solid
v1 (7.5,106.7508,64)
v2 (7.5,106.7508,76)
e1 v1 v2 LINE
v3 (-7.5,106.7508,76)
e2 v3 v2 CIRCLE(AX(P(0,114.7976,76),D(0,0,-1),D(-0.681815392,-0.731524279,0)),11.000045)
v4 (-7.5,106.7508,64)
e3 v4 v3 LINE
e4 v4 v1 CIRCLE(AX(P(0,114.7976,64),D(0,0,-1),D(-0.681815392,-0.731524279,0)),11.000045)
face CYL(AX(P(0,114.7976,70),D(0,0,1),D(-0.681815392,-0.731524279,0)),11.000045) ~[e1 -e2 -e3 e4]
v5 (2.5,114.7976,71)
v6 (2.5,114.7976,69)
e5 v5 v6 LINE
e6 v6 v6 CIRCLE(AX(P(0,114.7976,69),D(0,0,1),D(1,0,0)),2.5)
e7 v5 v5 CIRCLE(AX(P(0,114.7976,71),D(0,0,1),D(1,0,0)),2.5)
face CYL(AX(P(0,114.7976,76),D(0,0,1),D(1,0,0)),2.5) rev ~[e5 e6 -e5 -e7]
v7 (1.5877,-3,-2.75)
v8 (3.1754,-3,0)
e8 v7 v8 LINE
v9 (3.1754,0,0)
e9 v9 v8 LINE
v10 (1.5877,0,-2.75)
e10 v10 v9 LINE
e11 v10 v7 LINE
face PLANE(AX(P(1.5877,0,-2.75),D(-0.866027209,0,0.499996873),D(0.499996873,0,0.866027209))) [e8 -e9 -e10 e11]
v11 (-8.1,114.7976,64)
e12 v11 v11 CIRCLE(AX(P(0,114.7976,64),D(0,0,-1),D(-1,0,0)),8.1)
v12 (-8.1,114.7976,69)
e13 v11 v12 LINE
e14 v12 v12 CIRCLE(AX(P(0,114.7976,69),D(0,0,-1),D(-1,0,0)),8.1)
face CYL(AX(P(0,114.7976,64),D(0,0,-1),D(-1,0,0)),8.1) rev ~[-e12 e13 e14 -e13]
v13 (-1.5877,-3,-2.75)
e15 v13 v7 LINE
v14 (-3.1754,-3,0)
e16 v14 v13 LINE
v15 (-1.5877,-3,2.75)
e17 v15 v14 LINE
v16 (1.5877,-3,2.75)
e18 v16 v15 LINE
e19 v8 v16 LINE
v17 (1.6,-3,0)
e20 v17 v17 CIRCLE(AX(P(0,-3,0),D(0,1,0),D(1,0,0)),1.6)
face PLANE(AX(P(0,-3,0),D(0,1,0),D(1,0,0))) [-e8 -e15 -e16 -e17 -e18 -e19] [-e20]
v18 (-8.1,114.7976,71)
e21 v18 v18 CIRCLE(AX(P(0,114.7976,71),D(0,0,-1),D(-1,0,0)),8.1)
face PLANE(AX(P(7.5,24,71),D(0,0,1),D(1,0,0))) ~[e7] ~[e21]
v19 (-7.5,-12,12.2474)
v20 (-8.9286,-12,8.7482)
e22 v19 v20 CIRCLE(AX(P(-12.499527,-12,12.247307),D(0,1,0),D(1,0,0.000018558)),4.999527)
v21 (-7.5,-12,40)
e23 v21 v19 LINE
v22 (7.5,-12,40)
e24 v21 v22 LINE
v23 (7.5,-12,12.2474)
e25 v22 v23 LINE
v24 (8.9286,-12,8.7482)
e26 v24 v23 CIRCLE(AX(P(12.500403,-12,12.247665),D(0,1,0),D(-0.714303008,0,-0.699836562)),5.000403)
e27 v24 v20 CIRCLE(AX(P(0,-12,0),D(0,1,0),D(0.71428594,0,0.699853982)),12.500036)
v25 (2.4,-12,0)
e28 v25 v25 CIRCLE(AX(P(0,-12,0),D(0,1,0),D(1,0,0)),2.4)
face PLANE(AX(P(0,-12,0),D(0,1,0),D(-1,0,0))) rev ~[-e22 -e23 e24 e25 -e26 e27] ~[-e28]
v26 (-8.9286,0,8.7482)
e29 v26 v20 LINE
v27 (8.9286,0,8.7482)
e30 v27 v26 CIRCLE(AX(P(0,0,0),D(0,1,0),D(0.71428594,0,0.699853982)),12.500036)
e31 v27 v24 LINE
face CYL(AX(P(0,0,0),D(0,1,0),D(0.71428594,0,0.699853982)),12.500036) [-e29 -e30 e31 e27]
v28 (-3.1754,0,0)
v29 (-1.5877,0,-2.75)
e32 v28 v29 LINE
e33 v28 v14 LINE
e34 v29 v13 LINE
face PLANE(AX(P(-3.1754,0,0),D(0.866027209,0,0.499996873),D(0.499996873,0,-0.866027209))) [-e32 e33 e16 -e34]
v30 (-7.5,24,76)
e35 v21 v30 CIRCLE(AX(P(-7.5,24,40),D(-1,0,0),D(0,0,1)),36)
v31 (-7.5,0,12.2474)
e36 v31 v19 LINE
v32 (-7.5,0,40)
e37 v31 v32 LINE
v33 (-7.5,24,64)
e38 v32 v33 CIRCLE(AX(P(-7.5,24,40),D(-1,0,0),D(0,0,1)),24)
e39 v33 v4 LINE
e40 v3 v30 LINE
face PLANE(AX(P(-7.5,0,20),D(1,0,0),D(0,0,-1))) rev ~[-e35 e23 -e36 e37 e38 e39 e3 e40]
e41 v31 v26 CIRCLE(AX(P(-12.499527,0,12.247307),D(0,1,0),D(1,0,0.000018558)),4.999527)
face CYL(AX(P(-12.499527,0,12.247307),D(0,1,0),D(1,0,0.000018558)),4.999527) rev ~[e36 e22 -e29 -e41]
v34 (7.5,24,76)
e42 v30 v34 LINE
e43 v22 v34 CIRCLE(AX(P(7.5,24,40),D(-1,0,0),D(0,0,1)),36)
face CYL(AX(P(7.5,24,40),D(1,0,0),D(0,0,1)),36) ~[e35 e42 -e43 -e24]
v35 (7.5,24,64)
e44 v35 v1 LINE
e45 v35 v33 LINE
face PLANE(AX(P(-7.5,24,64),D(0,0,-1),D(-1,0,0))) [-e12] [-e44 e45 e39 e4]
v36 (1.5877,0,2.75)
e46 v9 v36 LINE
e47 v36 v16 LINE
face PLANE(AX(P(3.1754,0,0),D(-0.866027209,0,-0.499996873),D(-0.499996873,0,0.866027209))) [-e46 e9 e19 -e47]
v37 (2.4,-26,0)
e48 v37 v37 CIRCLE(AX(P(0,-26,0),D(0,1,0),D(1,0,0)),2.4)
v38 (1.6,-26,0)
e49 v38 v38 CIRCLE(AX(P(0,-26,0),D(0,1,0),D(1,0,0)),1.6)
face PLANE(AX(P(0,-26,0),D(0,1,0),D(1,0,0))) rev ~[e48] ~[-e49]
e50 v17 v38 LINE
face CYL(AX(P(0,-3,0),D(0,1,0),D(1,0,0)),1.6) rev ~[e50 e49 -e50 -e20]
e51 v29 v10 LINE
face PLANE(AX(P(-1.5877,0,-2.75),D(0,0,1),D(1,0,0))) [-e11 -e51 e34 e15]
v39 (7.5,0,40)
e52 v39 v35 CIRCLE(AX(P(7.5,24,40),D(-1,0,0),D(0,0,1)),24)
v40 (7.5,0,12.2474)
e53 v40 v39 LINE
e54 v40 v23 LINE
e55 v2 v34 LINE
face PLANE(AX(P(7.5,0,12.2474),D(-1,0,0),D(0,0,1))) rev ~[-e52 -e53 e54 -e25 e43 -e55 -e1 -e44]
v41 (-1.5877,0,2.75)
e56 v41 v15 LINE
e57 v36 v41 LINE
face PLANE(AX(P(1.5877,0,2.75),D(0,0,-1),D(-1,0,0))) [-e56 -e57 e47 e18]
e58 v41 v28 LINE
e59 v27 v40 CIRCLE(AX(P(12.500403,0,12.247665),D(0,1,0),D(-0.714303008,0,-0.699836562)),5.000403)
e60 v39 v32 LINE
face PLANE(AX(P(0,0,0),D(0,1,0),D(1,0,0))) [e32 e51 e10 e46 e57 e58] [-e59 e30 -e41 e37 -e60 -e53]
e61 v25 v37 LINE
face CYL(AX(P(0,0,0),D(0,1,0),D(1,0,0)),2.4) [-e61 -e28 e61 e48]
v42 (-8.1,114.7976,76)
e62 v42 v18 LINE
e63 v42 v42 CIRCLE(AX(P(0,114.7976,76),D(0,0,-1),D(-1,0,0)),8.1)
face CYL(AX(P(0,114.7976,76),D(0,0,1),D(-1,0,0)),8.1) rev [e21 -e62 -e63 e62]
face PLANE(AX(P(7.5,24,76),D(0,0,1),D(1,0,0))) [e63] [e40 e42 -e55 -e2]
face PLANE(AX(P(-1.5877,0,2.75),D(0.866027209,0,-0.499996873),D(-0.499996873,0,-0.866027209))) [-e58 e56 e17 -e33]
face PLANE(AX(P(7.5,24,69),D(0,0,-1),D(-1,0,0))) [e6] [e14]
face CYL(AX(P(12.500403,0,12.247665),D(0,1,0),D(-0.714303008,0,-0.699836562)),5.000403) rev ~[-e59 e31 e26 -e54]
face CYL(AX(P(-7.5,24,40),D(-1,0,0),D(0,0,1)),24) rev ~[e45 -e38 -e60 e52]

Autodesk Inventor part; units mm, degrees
ref_plane "YZ Plane" through (0, 0, 0) normal (1, 0, 0) x (0, 1, 0)
ref_plane "XZ Plane" through (0, 0, 0) normal (0, 1, 0) x (-1, 0, 0)
sketch "Sketch1" plane through (0, 0, 0) normal (0, 1, 0) x (-1, 0, 0)
  arc A0 (-8.9286, 8.7482) -> (8.9286, 8.7482) centre (0, 0) ccw
  line L0 (-7.5, 12.2474) -> (-7.5, 20)
  line L1 (7.5, 20) -> (7.5, 12.2474)
  line L2 (7.5, 20) -> (-7.5, 20)
  arc A1 (7.5, 12.2474) -> (8.9286, 8.7482) centre (12.5, 12.2474) ccw
  arc A2 (-8.9286, 8.7482) -> (-7.5, 12.2474) centre (-12.5, 12.2474) ccw
  point P0 (7.5, 10)
  point P1 (-7.5, 10)
  point P2 (0, 10)
  point P3 (0, 20)
  dimension "d0" = 25
  dimension "d109" = 5
  dimension "d129" = 15
  dimension "d131" = 10
extrude "Extrusion1" add sketch "Sketch1" against normal blind 12
sketch "Sketch22" plane through (-7.5, 0, 20) normal (0, 0, 1) x (1, 0, 0)
  line L0 (0, 0) -> (0, -12) projected
  line L1 (15, -12) -> (0, -12) projected
  line L2 (0, 0) -> (15, 0)
  line L3 (15, 0) -> (15, -12)
  line L4 (15, -12) -> (0, -12)
  line L5 (0, -12) -> (0, 0)
  point P0 (7.5, 0)
sketch "Sketch23" plane through (0, 0, 0) normal (1, 0, 0) x (0, 1, 0)
  line L0 (0, 20) -> (-12, 20) projected
  line L1 (-6, 20) -> (-6, 40)
  line L2 (24, 70) -> (102.7976, 70)
  arc A0 (24, 70) -> (-6, 40) centre (24, 40) ccw
  point P0 (0, 0)
  point P1 (-6, 70)
  dimension "d110" = 50
  dimension "d111" = 108.7976
  dimension "d112" = 90
  dimension "d113" = 30
sweep "Sweep2" add profiles "Sketch22" path "Sketch23" path curves L1 A0 L2
ref_plane "Work Plane11" through (7.5, 24, 70) normal (0, 0, -1) x (-1, 0, 0)
sketch "Sketch24" plane through (7.5, 24, 70) normal (0, 0, -1) x (-1, 0, 0)
  line L0 (0, 78.7976) -> (15, 78.7976)
  line L1 (0, 78.7976) -> (15, 78.7976)
  line L2 (0, 78.7976) -> (0, 82.7508)
  line L3 (15, 78.7976) -> (15, 82.7508)
  arc A0 (15, 82.7508) -> (0, 82.7508) centre (7.5, 90.7976) ccw
  line L4 (0, 78.7976) -> (15, 78.7976) projected
  point P0 (7.5, -24)
  point P1 (7.5, 78.7976)
  point P2 (7.5, 78.7976)
  dimension "d139" = 22
  dimension "d140" = 12
  dimension "d141" = 15
extrude "Extrusion17" add sketch "Sketch24" along normal mid plane 12
sketch "Sketch25" plane through (-7.5, 24, 76) normal (0, 0, 1) x (1, 0, 0)
  circle A0 centre (7.5, 90.7976) radius 2.5
  arc A1 (15, 82.7508) -> (0, 82.7508) centre (7.5, 90.7976) ccw projected
  point P0 (7.5, -24)
  dimension "d123" = 5
extrude "Extrusion18" cut sketch "Sketch25" against normal through all
sketch "Sketch27" plane through (0, 0, 0) normal (0, 1, 0) x (1, 0, 0)
  arc A0 (8.9286, -8.7482) -> (-8.9286, -8.7482) centre (0, 0) ccw projected
  circle A1 centre (0, 0) radius 2.4
  dimension "d136" = 4.8
extrude "Extrusion20" add sketch "Sketch27" against normal blind 26
sketch "Sketch28" plane through (7.5, 24, 64) normal (0, 0, -1) x (-1, 0, 0)
  arc A0 (15, 82.7508) -> (0, 82.7508) centre (7.5, 90.7976) ccw projected
  circle A1 centre (7.5, 90.7976) radius 8.1
  point P0 (7.5, -24)
  dimension "d142" = 16.2
extrude "Extrusion21" cut sketch "Sketch28" against normal blind 5
mirror "Mirror2" about plane through (7.5, 24, 70) normal (0, 0, -1) of "Extrusion21"
sketch "Sketch29" plane through (0, 0, 0) normal (0, 1, 0) x (1, 0, 0)
  line L0 (3.1754, 0) -> (1.5877, -2.75)
  line L1 (1.5877, -2.75) -> (-1.5877, -2.75)
  line L2 (-1.5877, -2.75) -> (-3.1754, 0)
  line L3 (-3.1754, 0) -> (-1.5877, 2.75)
  line L4 (-1.5877, 2.75) -> (1.5877, 2.75)
  line L5 (1.5877, 2.75) -> (3.1754, 0)
  point P0 (0, 0)
  point P1 (0, 0)
  dimension "d145" = 5.5
extrude "Extrusion22" cut sketch "Sketch29" against normal blind 3
sketch "Sketch30" plane through (0, -3, 0) normal (0, 1, 0) x (1, 0, 0)
  circle A0 centre (0, 0) radius 1.6
  dimension "d148" = 3.2
extrude "Extrusion23" cut sketch "Sketch30" against normal through all
properties part number "distall_link_3"
